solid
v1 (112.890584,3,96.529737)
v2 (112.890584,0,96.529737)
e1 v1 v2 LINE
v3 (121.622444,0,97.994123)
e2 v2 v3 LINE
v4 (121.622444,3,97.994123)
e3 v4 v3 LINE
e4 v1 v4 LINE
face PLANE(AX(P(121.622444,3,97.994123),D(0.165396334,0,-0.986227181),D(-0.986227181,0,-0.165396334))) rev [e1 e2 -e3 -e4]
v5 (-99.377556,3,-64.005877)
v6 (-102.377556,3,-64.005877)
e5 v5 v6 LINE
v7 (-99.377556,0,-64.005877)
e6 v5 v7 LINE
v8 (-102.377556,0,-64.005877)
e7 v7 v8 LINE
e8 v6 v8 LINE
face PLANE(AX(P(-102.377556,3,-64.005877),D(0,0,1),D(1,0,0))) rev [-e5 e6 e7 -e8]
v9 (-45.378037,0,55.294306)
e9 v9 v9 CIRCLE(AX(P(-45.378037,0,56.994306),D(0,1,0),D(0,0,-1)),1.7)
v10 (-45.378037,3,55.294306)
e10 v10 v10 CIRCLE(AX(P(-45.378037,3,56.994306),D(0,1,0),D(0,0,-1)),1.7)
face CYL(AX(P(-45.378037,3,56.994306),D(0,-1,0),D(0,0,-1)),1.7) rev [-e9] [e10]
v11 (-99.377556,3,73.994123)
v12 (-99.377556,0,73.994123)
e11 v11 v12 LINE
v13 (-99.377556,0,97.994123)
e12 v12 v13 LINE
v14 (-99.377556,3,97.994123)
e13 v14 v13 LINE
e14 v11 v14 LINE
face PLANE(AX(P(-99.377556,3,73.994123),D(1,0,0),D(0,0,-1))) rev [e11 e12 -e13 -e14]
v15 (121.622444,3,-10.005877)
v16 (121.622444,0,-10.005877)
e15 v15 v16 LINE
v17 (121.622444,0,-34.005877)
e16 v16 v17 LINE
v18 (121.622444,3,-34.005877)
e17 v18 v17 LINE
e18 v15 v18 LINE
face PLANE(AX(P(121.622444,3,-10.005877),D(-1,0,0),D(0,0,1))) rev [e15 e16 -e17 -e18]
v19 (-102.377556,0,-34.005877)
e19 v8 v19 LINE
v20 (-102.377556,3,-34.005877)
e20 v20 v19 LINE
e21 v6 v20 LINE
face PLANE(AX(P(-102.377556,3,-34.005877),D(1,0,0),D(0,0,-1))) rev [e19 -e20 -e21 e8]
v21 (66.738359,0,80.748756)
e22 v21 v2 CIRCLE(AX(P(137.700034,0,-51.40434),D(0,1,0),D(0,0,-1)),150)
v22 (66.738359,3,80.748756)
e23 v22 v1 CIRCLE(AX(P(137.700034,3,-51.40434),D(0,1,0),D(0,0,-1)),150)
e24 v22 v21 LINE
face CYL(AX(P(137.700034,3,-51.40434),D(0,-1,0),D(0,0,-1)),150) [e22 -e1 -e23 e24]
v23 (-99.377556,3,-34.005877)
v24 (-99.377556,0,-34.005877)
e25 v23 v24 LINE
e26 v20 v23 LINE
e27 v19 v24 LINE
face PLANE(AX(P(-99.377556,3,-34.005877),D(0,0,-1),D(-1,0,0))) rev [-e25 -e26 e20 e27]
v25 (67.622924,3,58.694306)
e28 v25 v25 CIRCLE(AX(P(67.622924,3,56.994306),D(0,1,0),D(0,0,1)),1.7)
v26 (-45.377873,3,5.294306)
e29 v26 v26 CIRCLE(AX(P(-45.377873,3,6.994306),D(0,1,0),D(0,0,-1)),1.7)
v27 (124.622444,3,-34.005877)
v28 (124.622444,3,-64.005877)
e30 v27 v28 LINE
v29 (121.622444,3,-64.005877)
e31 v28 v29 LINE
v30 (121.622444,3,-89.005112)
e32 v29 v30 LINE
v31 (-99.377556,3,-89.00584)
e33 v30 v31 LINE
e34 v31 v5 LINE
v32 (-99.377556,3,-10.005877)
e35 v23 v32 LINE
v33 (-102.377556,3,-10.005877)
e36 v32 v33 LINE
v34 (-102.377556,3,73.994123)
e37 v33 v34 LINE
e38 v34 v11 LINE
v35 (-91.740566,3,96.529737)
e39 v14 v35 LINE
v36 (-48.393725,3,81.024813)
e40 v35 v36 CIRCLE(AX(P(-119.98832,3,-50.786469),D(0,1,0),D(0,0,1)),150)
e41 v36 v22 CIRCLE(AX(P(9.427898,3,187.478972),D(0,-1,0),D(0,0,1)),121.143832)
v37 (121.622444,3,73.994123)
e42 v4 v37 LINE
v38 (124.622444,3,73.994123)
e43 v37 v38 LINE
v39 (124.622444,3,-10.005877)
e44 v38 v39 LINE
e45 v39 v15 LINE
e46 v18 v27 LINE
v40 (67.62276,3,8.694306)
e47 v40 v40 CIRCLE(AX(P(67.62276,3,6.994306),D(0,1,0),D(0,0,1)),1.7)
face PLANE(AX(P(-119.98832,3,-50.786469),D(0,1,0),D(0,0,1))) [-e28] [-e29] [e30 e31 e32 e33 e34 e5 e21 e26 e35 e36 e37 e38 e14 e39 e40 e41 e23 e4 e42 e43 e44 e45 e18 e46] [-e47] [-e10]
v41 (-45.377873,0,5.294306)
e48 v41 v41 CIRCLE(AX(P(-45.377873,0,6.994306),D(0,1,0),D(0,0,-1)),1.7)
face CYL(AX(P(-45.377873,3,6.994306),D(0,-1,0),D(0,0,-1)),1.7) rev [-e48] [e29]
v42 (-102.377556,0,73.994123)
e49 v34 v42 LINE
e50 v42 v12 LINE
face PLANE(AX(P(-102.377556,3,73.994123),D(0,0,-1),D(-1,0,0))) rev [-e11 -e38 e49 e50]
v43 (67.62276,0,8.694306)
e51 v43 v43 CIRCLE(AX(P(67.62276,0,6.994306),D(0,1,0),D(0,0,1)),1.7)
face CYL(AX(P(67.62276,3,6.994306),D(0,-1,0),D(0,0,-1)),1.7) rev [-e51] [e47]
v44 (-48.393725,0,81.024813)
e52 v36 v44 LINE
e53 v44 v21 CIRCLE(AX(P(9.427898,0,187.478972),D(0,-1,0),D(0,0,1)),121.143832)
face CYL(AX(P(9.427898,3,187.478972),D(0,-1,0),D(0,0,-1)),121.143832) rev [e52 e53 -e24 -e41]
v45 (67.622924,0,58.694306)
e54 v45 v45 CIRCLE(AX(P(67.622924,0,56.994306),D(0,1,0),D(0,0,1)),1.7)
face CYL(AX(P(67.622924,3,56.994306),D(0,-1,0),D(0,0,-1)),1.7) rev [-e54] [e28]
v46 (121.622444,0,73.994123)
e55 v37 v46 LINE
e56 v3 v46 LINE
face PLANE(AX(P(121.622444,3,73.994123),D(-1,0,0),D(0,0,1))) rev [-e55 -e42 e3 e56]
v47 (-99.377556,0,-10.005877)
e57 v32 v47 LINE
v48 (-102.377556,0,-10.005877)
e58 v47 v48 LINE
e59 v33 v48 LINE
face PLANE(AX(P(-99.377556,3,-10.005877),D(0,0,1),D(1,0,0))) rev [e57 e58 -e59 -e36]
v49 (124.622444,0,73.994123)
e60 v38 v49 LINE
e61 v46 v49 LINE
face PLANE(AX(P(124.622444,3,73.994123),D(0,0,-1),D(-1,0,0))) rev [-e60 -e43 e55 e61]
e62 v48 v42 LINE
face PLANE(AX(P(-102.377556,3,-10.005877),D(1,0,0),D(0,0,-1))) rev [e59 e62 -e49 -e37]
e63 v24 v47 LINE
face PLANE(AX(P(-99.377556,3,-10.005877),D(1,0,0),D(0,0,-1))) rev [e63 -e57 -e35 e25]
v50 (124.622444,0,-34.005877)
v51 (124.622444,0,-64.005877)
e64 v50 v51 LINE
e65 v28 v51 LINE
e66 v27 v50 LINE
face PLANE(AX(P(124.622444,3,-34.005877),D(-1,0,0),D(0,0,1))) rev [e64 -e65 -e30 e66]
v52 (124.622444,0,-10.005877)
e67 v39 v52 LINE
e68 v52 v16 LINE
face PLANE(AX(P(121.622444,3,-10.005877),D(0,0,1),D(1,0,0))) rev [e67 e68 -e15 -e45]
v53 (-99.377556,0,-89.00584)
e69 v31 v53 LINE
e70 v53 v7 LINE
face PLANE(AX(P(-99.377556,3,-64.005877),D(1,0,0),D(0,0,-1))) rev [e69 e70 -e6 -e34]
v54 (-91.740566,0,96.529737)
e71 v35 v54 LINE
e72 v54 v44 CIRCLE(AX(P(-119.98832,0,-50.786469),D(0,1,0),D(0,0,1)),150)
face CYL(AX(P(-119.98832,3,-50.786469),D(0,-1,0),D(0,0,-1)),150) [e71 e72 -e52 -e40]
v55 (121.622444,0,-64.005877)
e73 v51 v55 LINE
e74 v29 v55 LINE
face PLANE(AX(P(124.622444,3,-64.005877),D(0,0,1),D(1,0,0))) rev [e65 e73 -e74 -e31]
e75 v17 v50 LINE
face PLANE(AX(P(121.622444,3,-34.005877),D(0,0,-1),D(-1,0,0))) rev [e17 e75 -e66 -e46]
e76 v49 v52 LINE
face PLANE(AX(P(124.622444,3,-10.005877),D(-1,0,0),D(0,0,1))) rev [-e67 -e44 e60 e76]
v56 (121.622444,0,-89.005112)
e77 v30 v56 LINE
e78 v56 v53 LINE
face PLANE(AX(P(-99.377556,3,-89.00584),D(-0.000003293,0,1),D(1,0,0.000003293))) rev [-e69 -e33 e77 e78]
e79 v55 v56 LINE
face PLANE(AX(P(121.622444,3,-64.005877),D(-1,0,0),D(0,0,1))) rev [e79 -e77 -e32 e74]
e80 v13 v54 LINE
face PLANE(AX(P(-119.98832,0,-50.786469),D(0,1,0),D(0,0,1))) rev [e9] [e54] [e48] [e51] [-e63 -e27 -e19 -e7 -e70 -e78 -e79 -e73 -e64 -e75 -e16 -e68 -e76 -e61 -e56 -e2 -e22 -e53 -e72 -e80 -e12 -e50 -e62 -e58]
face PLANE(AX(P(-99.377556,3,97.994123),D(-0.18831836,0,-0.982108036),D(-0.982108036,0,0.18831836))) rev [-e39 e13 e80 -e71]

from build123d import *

# Parameters (mm, degrees)
CROQUIS1_R              = 1.7
SALIENTE_EXTRUIR1_DEPTH = 3


with BuildPart() as part:
    # Croquis1 → Saliente-Extruir1 (new body)
    with BuildSketch(Plane(origin=(0, 0, 0), x_dir=(1, 0, 0), z_dir=(0, 1, 0))):
        with BuildLine():
            Line((-99.377556398, 10.005876847), (-102.377556398, 10.005876847))
            Line((-102.377556398, 10.005876847), (-102.377556398, -73.994123153))
            Line((-102.377556398, -73.994123153), (-99.377556398, -73.994123153))
            Line((-99.377556398, -73.994123153), (-99.377556398, -97.994123153))
            Line((-99.377556398, -97.994123153), (-91.7405656, -96.529736825))
            ThreePointArc((-91.7405656, -96.529736825), (-69.468775837, -90.450126114), (-48.393725101, -81.024813273))
            ThreePointArc((-48.393725101, -81.024813273), (9.137426833, -66.335488141), (66.738359446, -80.748755569))
            ThreePointArc((66.738359446, -80.748755569), (89.168735578, -90.527731735), (112.890583803, -96.529736825))
            Line((112.890583803, -96.529736825), (121.622443602, -97.994123153))
            Line((121.622443602, -97.994123153), (121.622443602, -73.994123153))
            Line((121.622443602, -73.994123153), (124.622443602, -73.994123153))
            Line((124.622443602, -73.994123153), (124.622443602, 10.005876847))
            Line((124.622443602, 10.005876847), (121.622443602, 10.005876847))
            Line((121.622443602, 10.005876847), (121.622443602, 34.005876847))
            Line((121.622443602, 34.005876847), (124.622443602, 34.005876847))
            Line((124.622443602, 34.005876847), (124.622443602, 64.005876847))
            Line((124.622443602, 64.005876847), (121.622443602, 64.005876847))
            Line((121.622443602, 64.005876847), (121.622443602, 89.005112069))
            Line((121.622443602, 89.005112069), (-99.377556398, 89.005839795))
            Line((-99.377556398, 89.005839795), (-99.377556398, 64.005876847))
            Line((-99.377556398, 64.005876847), (-102.377556398, 64.005876847))
            Line((-102.377556398, 64.005876847), (-102.377556398, 34.005876847))
            Line((-102.377556398, 34.005876847), (-99.377556398, 34.005876847))
            Line((-99.377556398, 34.005876847), (-99.377556398, 10.005876847))
        make_face()
        with Locations((-45.378037158, -56.994306397)):
            Circle(CROQUIS1_R, mode=Mode.SUBTRACT)
        with Locations((-45.377872514, -6.994306397)):
            Circle(CROQUIS1_R, mode=Mode.SUBTRACT)
        with Locations((67.622759718, -6.994306397)):
            Circle(CROQUIS1_R, mode=Mode.SUBTRACT)
        with Locations((67.622924362, -56.994306397)):
            Circle(CROQUIS1_R, mode=Mode.SUBTRACT)
    extrude(amount=SALIENTE_EXTRUIR1_DEPTH)


solid = part.part
